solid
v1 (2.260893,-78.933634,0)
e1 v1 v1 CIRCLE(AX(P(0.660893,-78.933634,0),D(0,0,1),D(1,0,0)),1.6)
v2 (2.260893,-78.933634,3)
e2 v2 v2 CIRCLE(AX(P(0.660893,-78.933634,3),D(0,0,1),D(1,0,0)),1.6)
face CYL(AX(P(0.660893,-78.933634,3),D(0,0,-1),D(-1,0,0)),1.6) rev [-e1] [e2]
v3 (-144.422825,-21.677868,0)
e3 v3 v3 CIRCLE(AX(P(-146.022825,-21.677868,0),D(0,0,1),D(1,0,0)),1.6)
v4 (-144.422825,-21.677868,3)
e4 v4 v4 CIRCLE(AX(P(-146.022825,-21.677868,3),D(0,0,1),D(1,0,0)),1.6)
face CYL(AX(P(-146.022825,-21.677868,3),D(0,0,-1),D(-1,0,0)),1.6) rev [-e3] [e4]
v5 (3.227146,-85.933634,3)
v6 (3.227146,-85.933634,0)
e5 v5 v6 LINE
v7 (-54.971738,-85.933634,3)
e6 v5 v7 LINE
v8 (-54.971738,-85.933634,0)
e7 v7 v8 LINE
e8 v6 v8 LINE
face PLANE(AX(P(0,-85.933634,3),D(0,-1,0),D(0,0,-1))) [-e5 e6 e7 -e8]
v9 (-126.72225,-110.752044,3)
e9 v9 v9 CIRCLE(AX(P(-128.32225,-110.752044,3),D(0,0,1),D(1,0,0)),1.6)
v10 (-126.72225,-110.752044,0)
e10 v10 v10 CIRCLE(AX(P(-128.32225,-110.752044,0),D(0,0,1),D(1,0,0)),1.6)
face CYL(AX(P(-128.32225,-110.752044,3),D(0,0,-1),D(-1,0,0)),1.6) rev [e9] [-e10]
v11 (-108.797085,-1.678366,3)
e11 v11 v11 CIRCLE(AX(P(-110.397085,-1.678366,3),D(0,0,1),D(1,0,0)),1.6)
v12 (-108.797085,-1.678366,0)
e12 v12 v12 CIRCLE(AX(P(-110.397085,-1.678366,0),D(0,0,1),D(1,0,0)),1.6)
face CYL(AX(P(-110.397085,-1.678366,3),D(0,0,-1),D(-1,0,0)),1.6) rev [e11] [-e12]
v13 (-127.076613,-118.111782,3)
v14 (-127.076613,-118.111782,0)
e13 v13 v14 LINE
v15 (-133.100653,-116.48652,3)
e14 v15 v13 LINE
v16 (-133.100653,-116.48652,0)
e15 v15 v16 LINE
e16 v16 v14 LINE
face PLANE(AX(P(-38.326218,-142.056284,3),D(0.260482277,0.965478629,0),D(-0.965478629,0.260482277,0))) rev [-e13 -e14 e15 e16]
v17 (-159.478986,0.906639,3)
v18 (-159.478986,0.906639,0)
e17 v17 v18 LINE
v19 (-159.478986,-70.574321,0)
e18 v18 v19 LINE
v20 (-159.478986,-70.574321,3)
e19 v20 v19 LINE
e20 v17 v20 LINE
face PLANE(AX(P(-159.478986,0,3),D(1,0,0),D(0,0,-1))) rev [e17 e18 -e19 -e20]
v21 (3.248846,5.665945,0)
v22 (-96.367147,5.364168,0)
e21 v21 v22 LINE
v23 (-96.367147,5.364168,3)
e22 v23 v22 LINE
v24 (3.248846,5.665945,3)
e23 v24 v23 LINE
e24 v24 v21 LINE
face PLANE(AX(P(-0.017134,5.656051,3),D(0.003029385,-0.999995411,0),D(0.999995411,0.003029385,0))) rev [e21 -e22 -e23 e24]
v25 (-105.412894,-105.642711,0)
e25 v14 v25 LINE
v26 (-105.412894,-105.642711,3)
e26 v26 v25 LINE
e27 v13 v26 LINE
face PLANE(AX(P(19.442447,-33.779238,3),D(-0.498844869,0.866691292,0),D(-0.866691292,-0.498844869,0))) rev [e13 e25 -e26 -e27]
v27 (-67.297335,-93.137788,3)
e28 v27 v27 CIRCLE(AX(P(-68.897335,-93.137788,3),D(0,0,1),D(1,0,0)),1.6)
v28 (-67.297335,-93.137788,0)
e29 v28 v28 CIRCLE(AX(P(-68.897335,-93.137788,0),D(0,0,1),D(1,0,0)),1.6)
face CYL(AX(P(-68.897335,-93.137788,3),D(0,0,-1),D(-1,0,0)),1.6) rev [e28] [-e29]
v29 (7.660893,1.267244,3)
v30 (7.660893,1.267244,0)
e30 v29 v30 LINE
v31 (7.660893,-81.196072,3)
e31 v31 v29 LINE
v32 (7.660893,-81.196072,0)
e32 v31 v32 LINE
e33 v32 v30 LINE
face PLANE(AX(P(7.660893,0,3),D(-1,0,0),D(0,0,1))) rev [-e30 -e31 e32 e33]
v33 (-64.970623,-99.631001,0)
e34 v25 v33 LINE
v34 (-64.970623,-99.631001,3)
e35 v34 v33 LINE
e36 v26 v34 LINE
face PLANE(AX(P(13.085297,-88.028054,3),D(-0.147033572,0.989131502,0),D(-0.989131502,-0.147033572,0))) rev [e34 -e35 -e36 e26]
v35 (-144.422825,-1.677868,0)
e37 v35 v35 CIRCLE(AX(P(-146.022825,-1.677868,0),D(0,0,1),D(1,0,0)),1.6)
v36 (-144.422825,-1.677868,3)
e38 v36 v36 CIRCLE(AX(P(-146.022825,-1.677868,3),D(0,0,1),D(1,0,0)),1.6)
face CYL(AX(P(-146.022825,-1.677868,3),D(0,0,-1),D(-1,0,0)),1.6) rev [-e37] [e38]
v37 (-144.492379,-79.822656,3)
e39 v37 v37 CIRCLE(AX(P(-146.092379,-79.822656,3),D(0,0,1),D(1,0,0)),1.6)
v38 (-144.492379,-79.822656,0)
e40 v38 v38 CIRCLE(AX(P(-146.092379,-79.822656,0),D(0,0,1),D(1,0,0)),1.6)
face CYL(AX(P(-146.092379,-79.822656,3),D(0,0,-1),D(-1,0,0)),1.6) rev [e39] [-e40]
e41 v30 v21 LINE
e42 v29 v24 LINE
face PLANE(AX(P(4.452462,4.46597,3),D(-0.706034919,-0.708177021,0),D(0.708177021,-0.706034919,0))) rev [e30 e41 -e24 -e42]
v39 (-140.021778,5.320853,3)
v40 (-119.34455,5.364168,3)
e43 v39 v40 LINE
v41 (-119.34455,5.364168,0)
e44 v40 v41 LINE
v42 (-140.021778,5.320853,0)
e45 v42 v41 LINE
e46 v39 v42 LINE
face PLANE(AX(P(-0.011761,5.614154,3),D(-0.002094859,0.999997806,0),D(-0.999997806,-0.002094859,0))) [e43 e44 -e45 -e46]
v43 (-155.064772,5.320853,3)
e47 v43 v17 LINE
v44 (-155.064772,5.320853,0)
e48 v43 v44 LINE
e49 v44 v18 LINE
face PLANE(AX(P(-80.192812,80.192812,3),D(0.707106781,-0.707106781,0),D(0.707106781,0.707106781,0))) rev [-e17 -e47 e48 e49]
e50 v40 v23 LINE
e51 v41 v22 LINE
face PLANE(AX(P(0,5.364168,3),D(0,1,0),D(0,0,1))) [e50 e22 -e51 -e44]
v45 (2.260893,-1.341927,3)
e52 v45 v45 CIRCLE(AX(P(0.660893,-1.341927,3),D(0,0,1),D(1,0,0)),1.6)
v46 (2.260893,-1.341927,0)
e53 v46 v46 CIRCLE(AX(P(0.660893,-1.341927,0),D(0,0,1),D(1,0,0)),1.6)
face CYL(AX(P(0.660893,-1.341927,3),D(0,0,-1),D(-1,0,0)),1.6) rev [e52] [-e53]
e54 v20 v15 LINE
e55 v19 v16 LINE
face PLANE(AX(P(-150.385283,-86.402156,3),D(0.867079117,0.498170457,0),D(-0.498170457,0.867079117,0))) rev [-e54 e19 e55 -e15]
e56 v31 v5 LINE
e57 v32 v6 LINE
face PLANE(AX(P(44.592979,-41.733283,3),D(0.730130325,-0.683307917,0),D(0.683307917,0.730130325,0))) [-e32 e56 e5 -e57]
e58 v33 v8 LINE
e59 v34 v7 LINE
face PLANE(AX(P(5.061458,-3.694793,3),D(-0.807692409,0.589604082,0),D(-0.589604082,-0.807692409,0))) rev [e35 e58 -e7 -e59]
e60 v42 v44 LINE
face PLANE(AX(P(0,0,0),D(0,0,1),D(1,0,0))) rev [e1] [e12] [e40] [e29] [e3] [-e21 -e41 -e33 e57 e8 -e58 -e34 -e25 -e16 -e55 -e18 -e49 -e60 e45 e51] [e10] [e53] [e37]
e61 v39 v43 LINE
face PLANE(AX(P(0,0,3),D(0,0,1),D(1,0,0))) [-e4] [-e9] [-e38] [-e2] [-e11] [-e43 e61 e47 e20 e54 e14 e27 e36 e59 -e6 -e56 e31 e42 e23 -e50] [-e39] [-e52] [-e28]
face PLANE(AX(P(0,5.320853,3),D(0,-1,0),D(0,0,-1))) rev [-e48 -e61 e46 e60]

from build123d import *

# Parameters (mm, degrees)
ESQUISSE1_R        = 1.6
BOSS_EXTRU_1_DEPTH = 3


with BuildPart() as part:
    # Esquisse1 → Boss.-Extru.1 (new body)
    with BuildSketch(Plane.XY):
        Polygon((7.660893039, 1.267243786), (3.248846143, 5.665945076), (-96.367147031, 5.364168479), (-103.365175584, 5.364168479), (-119.344550333, 5.364168479), (-140.021777649, 5.320852512), (-155.064772313, 5.320852512), (-159.478985875, 0.90663895), (-159.478985875, -3.429484403), (-159.478985875, -70.574320891), (-133.100653393, -116.486520024), (-127.076613358, -118.11178196), (-105.412894174, -105.642711064), (-64.97062335, -99.631001274), (-54.971738012, -85.933633781), (3.227145703, -85.933633781), (7.660893039, -81.196072129), align=None)
        with Locations((-128.322250168, -110.752044388)):
            Circle(ESQUISSE1_R, mode=Mode.SUBTRACT)
        with Locations((-146.0923789, -79.822656053)):
            Circle(ESQUISSE1_R, mode=Mode.SUBTRACT)
        with Locations((-68.897334865, -93.137788223)):
            Circle(ESQUISSE1_R, mode=Mode.SUBTRACT)
        with Locations((0.660893039, -78.933633781)):
            Circle(ESQUISSE1_R, mode=Mode.SUBTRACT)
        with Locations((-146.02282508, -21.677868186)):
            Circle(ESQUISSE1_R, mode=Mode.SUBTRACT)
        with Locations((-146.02282508, -1.677868186)):
            Circle(ESQUISSE1_R, mode=Mode.SUBTRACT)
        with Locations((-110.397084988, -1.678365923)):
            Circle(ESQUISSE1_R, mode=Mode.SUBTRACT)
        with Locations((0.660893039, -1.341926987)):
            Circle(ESQUISSE1_R, mode=Mode.SUBTRACT)
    extrude(amount=BOSS_EXTRU_1_DEPTH)


solid = part.part
